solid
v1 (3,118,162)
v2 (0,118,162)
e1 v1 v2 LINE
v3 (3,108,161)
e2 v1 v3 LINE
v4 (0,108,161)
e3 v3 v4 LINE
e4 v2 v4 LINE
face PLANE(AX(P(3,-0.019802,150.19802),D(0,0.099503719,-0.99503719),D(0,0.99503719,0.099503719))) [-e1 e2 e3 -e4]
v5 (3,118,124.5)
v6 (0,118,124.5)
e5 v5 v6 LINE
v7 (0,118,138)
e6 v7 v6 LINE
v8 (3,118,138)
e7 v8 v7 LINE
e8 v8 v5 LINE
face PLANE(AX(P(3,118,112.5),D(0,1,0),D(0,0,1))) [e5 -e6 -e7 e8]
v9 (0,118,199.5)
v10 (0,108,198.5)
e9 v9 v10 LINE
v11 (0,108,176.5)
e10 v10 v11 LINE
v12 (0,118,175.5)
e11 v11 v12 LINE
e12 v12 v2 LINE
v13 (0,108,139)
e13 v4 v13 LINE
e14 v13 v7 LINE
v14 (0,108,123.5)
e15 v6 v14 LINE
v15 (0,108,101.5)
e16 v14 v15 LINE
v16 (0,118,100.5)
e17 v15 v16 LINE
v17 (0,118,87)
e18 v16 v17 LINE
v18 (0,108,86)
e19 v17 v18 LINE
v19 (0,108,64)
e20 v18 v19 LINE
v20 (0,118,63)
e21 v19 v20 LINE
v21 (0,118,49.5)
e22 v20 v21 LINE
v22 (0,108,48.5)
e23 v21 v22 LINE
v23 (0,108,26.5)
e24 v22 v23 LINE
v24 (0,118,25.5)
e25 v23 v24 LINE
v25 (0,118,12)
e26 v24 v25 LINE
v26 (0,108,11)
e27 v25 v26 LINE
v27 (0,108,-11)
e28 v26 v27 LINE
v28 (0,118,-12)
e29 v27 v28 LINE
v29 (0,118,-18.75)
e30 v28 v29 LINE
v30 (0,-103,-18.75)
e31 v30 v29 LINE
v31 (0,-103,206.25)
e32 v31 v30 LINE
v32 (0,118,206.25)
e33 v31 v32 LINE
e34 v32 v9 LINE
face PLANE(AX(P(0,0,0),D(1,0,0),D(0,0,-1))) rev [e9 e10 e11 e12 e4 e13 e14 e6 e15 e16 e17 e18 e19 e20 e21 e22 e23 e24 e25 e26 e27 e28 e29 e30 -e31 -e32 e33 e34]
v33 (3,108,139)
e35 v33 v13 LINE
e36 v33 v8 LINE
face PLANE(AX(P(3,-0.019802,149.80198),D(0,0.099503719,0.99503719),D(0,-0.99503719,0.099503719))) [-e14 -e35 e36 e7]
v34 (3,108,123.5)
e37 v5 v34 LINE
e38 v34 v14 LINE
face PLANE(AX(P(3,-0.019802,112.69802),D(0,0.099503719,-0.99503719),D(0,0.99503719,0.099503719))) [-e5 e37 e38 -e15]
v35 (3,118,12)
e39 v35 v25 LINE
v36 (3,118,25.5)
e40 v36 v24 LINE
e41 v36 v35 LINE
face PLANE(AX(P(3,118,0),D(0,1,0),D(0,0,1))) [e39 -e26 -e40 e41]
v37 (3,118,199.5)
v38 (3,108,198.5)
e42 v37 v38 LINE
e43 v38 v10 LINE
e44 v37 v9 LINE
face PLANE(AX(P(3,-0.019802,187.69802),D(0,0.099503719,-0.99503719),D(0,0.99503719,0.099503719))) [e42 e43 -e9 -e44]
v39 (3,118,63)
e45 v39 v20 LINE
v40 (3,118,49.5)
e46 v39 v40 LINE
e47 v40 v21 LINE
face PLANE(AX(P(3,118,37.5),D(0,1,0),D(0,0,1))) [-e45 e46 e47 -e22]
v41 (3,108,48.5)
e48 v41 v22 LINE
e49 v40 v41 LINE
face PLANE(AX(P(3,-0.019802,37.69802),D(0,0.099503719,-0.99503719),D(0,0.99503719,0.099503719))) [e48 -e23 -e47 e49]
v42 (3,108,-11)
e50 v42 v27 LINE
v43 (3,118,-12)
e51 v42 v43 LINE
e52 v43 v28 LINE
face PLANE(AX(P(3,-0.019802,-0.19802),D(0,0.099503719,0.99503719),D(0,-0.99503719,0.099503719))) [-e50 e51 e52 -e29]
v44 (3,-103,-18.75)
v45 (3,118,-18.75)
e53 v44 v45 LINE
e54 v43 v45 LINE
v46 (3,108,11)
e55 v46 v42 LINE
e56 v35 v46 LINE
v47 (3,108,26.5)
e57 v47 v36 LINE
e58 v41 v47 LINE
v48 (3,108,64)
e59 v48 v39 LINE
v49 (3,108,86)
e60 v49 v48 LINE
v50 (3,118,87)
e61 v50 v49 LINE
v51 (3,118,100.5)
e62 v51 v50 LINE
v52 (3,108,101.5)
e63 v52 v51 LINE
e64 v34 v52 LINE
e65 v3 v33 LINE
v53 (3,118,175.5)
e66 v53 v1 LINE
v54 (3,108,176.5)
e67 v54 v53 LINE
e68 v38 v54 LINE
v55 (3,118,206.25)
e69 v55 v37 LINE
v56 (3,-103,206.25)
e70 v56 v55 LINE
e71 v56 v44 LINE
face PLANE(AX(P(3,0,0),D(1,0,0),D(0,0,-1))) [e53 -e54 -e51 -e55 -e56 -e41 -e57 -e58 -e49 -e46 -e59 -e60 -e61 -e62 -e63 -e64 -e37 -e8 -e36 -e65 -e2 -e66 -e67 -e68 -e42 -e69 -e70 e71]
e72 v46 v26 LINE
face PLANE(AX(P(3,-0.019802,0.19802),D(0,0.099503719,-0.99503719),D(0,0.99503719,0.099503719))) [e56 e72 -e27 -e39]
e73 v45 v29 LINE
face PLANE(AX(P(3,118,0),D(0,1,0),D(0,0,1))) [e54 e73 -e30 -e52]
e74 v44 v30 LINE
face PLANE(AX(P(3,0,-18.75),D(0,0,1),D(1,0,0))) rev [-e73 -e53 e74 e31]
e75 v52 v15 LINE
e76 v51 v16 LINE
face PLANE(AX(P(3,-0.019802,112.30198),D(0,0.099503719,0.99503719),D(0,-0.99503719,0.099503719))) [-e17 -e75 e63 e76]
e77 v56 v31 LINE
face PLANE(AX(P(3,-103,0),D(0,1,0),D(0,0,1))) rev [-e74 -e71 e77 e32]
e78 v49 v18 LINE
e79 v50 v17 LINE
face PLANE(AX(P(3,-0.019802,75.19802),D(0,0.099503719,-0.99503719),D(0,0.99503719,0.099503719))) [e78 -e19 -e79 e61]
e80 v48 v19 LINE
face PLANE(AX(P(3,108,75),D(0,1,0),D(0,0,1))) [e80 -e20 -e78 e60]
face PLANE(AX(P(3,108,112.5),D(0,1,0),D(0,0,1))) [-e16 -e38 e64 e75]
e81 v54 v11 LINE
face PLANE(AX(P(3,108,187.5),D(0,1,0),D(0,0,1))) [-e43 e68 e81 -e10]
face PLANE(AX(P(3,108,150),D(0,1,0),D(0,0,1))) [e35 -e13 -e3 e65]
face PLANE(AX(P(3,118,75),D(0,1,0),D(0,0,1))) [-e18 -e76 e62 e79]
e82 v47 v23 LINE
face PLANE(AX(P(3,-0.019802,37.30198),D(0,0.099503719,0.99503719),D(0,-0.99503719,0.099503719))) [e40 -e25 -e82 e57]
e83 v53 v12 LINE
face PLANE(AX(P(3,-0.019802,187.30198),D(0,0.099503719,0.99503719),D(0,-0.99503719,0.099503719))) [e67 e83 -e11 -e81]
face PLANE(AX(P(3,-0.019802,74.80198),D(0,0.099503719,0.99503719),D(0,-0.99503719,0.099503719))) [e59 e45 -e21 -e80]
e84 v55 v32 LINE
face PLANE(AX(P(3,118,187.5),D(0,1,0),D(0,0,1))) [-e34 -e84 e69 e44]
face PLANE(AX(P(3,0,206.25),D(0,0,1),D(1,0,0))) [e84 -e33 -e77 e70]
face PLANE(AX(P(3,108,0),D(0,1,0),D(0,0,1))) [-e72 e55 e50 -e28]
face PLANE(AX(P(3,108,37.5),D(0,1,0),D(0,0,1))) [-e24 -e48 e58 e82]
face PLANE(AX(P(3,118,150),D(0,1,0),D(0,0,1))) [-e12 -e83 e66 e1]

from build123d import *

# Parameters (mm, degrees)
SKETCH2_W           = 37.5
SKETCH2_H           = 206
BOSS_EXTRUDE2_DEPTH = 3
LPATTERN1_COUNT     = 6
LPATTERN1_PITCH     = 37.5


with BuildPart() as part:
    # Sketch2 → Boss-Extrude2 (new body)
    with BuildSketch(Plane(origin=(0, 0, 0), x_dir=(0, 0, -1), z_dir=(1, 0, 0))):
        Rectangle(SKETCH2_W, SKETCH2_H)
        Polygon((18.75, 118), (18.75, 103), (-18.75, 103), (-18.75, 118), (-12, 118), (-11, 108), (11, 108), (12, 118), align=None)
    boss_extrude2 = extrude(amount=BOSS_EXTRUDE2_DEPTH)

    # LPattern1: Boss-Extrude2 ×6
    with Locations(*[(0, 0, i * LPATTERN1_PITCH) for i in range(1, LPATTERN1_COUNT)]):
        add(boss_extrude2)


solid = part.part
